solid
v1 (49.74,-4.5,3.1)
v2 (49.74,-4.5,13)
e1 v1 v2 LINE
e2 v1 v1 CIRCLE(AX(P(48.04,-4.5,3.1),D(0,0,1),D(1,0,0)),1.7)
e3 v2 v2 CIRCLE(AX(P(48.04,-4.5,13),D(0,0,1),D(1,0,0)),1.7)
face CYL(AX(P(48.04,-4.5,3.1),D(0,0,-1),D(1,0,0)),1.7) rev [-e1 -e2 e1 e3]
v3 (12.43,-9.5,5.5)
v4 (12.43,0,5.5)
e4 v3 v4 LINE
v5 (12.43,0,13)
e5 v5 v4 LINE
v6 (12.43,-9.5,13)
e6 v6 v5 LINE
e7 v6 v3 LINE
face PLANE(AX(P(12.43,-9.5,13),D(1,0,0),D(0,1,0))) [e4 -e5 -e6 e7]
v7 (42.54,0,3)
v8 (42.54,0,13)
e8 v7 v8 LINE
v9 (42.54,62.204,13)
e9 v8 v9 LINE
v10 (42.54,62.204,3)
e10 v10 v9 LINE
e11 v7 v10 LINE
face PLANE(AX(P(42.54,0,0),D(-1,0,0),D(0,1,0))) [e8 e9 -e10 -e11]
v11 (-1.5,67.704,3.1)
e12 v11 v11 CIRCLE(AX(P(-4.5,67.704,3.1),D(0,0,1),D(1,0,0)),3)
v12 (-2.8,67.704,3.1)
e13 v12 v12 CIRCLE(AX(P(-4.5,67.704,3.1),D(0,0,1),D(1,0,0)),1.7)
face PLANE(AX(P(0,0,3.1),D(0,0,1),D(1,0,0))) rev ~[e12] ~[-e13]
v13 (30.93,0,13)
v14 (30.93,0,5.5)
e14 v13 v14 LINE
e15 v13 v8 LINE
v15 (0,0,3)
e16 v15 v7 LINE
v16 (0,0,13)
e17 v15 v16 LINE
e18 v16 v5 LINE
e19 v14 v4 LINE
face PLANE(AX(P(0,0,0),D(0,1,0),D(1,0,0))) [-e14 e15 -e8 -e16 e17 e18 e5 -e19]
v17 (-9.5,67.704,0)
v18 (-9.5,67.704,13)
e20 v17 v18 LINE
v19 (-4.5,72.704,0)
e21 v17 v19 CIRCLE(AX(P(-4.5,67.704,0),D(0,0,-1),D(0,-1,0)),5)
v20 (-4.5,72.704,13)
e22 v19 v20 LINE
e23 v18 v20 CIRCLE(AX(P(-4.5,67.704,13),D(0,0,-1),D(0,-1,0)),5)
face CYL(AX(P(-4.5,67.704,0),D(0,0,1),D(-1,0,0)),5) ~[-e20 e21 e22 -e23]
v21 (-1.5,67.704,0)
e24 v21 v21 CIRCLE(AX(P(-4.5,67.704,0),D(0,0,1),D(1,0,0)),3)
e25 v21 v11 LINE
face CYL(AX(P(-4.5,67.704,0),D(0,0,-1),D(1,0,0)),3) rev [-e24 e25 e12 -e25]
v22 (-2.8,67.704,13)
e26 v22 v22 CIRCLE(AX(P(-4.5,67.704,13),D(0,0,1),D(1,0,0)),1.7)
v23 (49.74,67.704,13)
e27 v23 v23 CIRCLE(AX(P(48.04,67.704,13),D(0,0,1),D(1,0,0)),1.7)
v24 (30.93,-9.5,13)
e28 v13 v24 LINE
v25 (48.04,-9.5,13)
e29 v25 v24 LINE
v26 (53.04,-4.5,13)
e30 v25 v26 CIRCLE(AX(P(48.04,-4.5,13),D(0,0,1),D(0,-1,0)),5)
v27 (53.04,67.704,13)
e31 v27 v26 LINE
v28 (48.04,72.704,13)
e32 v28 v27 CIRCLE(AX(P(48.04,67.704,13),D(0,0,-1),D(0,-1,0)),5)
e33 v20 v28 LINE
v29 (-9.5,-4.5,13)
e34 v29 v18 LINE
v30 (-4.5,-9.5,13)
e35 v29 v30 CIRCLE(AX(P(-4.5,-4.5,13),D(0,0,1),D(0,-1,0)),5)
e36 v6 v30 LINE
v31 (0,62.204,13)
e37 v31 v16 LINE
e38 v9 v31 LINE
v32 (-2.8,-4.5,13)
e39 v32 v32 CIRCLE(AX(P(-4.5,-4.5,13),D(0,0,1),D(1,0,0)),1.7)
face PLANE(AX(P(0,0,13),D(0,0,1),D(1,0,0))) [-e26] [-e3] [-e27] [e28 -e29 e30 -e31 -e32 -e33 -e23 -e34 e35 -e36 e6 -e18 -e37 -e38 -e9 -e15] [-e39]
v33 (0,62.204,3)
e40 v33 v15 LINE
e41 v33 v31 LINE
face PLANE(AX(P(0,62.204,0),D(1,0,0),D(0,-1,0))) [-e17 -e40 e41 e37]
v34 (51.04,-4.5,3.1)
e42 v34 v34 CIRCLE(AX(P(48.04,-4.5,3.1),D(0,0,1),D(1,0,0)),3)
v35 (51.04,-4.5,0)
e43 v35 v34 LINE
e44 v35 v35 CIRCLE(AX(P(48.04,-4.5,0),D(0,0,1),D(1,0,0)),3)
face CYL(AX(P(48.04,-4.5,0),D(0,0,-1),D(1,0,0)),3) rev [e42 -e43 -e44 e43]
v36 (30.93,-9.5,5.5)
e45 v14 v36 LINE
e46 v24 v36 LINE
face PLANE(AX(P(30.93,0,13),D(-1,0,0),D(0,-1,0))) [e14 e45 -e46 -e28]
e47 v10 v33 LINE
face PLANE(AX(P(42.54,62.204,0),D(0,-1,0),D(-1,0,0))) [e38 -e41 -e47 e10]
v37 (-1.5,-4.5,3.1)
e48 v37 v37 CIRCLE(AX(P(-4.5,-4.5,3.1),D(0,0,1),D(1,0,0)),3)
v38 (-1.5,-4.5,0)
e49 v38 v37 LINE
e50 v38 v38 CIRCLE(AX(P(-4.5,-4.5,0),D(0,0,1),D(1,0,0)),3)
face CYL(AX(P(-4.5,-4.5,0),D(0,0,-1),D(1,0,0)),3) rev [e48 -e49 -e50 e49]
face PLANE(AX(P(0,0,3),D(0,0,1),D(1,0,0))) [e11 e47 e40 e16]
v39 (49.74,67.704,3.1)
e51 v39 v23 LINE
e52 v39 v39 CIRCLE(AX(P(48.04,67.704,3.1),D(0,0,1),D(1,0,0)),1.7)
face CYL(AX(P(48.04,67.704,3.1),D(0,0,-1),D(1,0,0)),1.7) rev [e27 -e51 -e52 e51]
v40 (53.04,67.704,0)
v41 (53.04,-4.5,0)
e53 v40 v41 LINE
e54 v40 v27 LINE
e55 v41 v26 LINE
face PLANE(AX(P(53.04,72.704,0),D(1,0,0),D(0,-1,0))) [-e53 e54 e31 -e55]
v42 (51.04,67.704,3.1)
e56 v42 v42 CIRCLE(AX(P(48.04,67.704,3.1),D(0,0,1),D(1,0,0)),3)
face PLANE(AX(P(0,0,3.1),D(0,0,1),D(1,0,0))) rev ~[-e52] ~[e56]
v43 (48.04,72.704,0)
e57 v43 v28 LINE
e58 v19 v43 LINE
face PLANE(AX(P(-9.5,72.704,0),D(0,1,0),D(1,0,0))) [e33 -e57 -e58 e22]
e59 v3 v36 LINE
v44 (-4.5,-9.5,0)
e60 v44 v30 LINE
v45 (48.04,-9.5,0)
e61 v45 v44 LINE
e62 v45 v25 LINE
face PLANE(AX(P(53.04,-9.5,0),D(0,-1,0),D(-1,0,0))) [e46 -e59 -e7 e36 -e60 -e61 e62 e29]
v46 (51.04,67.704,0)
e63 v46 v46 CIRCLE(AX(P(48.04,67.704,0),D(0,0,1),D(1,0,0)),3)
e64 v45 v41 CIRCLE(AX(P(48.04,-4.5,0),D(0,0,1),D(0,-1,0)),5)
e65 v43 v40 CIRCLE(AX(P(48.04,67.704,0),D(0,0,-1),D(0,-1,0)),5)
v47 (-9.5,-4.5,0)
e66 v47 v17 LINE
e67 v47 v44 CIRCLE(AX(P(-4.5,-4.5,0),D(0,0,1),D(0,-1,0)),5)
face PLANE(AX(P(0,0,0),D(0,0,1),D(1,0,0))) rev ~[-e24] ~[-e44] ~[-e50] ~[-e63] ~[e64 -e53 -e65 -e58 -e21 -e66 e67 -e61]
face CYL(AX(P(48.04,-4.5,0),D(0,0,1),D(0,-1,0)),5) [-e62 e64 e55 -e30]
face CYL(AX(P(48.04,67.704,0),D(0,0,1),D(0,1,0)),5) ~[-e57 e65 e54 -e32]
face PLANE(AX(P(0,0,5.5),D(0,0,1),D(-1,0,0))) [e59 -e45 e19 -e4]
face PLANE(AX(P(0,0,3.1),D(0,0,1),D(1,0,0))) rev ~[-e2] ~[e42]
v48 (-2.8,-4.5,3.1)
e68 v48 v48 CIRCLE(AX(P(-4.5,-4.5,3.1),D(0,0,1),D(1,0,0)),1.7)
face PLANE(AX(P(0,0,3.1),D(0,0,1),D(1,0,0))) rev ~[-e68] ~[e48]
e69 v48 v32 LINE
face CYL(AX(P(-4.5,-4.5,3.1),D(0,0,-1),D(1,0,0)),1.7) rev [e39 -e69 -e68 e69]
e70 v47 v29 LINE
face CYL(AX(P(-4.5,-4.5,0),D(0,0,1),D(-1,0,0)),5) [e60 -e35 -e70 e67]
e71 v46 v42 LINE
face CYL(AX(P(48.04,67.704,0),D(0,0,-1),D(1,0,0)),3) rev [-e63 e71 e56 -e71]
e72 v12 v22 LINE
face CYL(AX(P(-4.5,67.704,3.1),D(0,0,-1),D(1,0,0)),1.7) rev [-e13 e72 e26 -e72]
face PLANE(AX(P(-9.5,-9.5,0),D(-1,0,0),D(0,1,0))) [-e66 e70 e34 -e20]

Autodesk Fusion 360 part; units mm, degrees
sketch "Sketch1" plane through (0, 0, 0) normal (0, 0, 1) x (1, 0, 0) in component "Some Fidget Keyboard"
  line L0 (0, 0) -> (42.54, 0)
  line L1 (42.54, 0) -> (42.54, 62.204)
  line L2 (42.54, 62.204) -> (0, 62.204)
  line L3 (0, 62.204) -> (0, 0)
  line L4 (-9.5, 72.704) -> (53.04, 72.704)
  line L5 (53.04, 72.704) -> (53.04, -9.5)
  line L6 (53.04, -9.5) -> (-9.5, -9.5)
  line L7 (-9.5, -9.5) -> (-9.5, 72.704)
  circle A0 centre (-4.5, 67.704) radius 1.7
  circle A1 centre (48.04, 67.704) radius 1.7
  circle A2 centre (48.04, -4.5) radius 1.7
  circle A3 centre (-4.5, -4.5) radius 1.7
  circle A4 centre (-4.5, 67.704) radius 3
  circle A5 centre (48.04, 67.704) radius 3
  circle A6 centre (48.04, -4.5) radius 3
  circle A7 centre (-4.5, -4.5) radius 3
  dimension "d4" = 42.54
  dimension "d5" = 62.204
  dimension "d6" = 62.54
  dimension "d7" = 82.204
  dimension "d8" = 9.5
  dimension "d9" = 9.5
  dimension "d10" = 3.4
  dimension "d11" = 3.4
  dimension "d12" = 3.4
  dimension "d13" = 3.4
  dimension "d14" = 5
  dimension "d15" = 5
  dimension "d16" = 5
  dimension "d17" = 5
  dimension "d18" = 5
  dimension "d20" = 5
  dimension "d21" = 5
  dimension "d22" = 5
  dimension "d23" = 6
  dimension "d24" = 6
  dimension "d25" = 6
  dimension "d26" = 6
extrude "Extrude1" add sketch "Sketch1" along normal blind 9.9 from surface at 3.1 contours A4 | A5 | A6 | A7 makes body 1 at (45.4801, 66.1397, 9.7) makes body 2 at (-7.0599, 66.1397, 9.7) makes body 3 at (51.0363, -4.6495, 9.7) makes body 4 at (-1.5037, -4.6495, 9.7) in component "Some Fidget Keyboard"
extrude "Extrude2" add sketch "Sketch1" along normal blind 13 contours L4 L5 L6 L7 bodies 1 2 3 4 in component "Some Fidget Keyboard"
extrude "Extrude3" add sketch "Sketch1" along normal blind 3 contours L0 L1 L2 L3 bodies 1 in component "Some Fidget Keyboard"
sketch "Sketch2" plane through (0, 0, 0) normal (0, 0, 1) x (1, 0, 0) in component "Some Fidget Keyboard"
sketch "Sketch3" plane through (0, 0, 13) normal (0, 0, 1) x (-1, 0, 0) in component "Some Fidget Keyboard"
  circle A0 centre (-48.04, -67.704) radius 1.7
  circle A1 centre (4.5, 4.5) radius 1.7
  line L0 (0, 0) -> (0, -62.204)
  line L1 (0, -62.204) -> (-42.54, -62.204)
  line L2 (-42.54, -62.204) -> (-42.54, 0)
  line L3 (-42.54, 0) -> (0, 0)
  line L4 (9.5, 9.5) -> (-53.04, 9.5)
  line L5 (-53.04, 9.5) -> (-53.04, -72.704)
  line L6 (-53.04, -72.704) -> (9.5, -72.704)
  line L7 (9.5, -72.704) -> (9.5, 9.5)
  circle A2 centre (4.5, -67.704) radius 1.7
  circle A3 centre (-48.04, 4.5) radius 1.7
  line L8 (-30.93, 9.5) -> (-12.43, 9.5)
  line L9 (-12.43, 9.5) -> (-12.43, 0)
  line L10 (-12.43, 0) -> (-30.93, 0)
  line L11 (-30.93, 0) -> (-30.93, 9.5)
  line L12 (-53.04, -72.704) -> (-53.04, 9.5)
  dimension "d36" = 18.5
  dimension "d37" = 22.11
extrude "Extrude4" cut sketch "Sketch3" against normal blind 7.5 contours L3 L4 L8 L9 L10 L11 bodies 1 in component "Some Fidget Keyboard"
fillet "Fillet1" radius 5 1 edges at (-9.5, -9.5, 6.5) on bodies 1 in component "Some Fidget Keyboard"
fillet "Fillet2" radius 5 1 edges at (-9.5, 72.704, 6.5) on bodies 1 in component "Some Fidget Keyboard"
fillet "Fillet3" radius 5 2 edges at (53.04, 72.704, 6.5) (53.04, -9.5, 6.5) on bodies 1 in component "Some Fidget Keyboard"
sketch "Sketch1 (2)" plane through (0, 0, 0) normal (0, 0, 1) x (1, 0, 0)
sketch "Sketch2 (2)" plane through (0, 0, 3) normal (0, 0, 1) x (-1, 0, 0)
  line L0 (0, -62.204) -> (0, 0)
  line L1 (0, 0) -> (-42.54, 0)
  line L2 (-42.54, 0) -> (-42.54, -62.204)
  line L3 (-42.54, -62.204) -> (0, -62.204)
component "Some Fidget Keyboard" placed x (1, 0, 0) y (0, 1, 0) z (0, 0, 1) at (0, 0, 0)
